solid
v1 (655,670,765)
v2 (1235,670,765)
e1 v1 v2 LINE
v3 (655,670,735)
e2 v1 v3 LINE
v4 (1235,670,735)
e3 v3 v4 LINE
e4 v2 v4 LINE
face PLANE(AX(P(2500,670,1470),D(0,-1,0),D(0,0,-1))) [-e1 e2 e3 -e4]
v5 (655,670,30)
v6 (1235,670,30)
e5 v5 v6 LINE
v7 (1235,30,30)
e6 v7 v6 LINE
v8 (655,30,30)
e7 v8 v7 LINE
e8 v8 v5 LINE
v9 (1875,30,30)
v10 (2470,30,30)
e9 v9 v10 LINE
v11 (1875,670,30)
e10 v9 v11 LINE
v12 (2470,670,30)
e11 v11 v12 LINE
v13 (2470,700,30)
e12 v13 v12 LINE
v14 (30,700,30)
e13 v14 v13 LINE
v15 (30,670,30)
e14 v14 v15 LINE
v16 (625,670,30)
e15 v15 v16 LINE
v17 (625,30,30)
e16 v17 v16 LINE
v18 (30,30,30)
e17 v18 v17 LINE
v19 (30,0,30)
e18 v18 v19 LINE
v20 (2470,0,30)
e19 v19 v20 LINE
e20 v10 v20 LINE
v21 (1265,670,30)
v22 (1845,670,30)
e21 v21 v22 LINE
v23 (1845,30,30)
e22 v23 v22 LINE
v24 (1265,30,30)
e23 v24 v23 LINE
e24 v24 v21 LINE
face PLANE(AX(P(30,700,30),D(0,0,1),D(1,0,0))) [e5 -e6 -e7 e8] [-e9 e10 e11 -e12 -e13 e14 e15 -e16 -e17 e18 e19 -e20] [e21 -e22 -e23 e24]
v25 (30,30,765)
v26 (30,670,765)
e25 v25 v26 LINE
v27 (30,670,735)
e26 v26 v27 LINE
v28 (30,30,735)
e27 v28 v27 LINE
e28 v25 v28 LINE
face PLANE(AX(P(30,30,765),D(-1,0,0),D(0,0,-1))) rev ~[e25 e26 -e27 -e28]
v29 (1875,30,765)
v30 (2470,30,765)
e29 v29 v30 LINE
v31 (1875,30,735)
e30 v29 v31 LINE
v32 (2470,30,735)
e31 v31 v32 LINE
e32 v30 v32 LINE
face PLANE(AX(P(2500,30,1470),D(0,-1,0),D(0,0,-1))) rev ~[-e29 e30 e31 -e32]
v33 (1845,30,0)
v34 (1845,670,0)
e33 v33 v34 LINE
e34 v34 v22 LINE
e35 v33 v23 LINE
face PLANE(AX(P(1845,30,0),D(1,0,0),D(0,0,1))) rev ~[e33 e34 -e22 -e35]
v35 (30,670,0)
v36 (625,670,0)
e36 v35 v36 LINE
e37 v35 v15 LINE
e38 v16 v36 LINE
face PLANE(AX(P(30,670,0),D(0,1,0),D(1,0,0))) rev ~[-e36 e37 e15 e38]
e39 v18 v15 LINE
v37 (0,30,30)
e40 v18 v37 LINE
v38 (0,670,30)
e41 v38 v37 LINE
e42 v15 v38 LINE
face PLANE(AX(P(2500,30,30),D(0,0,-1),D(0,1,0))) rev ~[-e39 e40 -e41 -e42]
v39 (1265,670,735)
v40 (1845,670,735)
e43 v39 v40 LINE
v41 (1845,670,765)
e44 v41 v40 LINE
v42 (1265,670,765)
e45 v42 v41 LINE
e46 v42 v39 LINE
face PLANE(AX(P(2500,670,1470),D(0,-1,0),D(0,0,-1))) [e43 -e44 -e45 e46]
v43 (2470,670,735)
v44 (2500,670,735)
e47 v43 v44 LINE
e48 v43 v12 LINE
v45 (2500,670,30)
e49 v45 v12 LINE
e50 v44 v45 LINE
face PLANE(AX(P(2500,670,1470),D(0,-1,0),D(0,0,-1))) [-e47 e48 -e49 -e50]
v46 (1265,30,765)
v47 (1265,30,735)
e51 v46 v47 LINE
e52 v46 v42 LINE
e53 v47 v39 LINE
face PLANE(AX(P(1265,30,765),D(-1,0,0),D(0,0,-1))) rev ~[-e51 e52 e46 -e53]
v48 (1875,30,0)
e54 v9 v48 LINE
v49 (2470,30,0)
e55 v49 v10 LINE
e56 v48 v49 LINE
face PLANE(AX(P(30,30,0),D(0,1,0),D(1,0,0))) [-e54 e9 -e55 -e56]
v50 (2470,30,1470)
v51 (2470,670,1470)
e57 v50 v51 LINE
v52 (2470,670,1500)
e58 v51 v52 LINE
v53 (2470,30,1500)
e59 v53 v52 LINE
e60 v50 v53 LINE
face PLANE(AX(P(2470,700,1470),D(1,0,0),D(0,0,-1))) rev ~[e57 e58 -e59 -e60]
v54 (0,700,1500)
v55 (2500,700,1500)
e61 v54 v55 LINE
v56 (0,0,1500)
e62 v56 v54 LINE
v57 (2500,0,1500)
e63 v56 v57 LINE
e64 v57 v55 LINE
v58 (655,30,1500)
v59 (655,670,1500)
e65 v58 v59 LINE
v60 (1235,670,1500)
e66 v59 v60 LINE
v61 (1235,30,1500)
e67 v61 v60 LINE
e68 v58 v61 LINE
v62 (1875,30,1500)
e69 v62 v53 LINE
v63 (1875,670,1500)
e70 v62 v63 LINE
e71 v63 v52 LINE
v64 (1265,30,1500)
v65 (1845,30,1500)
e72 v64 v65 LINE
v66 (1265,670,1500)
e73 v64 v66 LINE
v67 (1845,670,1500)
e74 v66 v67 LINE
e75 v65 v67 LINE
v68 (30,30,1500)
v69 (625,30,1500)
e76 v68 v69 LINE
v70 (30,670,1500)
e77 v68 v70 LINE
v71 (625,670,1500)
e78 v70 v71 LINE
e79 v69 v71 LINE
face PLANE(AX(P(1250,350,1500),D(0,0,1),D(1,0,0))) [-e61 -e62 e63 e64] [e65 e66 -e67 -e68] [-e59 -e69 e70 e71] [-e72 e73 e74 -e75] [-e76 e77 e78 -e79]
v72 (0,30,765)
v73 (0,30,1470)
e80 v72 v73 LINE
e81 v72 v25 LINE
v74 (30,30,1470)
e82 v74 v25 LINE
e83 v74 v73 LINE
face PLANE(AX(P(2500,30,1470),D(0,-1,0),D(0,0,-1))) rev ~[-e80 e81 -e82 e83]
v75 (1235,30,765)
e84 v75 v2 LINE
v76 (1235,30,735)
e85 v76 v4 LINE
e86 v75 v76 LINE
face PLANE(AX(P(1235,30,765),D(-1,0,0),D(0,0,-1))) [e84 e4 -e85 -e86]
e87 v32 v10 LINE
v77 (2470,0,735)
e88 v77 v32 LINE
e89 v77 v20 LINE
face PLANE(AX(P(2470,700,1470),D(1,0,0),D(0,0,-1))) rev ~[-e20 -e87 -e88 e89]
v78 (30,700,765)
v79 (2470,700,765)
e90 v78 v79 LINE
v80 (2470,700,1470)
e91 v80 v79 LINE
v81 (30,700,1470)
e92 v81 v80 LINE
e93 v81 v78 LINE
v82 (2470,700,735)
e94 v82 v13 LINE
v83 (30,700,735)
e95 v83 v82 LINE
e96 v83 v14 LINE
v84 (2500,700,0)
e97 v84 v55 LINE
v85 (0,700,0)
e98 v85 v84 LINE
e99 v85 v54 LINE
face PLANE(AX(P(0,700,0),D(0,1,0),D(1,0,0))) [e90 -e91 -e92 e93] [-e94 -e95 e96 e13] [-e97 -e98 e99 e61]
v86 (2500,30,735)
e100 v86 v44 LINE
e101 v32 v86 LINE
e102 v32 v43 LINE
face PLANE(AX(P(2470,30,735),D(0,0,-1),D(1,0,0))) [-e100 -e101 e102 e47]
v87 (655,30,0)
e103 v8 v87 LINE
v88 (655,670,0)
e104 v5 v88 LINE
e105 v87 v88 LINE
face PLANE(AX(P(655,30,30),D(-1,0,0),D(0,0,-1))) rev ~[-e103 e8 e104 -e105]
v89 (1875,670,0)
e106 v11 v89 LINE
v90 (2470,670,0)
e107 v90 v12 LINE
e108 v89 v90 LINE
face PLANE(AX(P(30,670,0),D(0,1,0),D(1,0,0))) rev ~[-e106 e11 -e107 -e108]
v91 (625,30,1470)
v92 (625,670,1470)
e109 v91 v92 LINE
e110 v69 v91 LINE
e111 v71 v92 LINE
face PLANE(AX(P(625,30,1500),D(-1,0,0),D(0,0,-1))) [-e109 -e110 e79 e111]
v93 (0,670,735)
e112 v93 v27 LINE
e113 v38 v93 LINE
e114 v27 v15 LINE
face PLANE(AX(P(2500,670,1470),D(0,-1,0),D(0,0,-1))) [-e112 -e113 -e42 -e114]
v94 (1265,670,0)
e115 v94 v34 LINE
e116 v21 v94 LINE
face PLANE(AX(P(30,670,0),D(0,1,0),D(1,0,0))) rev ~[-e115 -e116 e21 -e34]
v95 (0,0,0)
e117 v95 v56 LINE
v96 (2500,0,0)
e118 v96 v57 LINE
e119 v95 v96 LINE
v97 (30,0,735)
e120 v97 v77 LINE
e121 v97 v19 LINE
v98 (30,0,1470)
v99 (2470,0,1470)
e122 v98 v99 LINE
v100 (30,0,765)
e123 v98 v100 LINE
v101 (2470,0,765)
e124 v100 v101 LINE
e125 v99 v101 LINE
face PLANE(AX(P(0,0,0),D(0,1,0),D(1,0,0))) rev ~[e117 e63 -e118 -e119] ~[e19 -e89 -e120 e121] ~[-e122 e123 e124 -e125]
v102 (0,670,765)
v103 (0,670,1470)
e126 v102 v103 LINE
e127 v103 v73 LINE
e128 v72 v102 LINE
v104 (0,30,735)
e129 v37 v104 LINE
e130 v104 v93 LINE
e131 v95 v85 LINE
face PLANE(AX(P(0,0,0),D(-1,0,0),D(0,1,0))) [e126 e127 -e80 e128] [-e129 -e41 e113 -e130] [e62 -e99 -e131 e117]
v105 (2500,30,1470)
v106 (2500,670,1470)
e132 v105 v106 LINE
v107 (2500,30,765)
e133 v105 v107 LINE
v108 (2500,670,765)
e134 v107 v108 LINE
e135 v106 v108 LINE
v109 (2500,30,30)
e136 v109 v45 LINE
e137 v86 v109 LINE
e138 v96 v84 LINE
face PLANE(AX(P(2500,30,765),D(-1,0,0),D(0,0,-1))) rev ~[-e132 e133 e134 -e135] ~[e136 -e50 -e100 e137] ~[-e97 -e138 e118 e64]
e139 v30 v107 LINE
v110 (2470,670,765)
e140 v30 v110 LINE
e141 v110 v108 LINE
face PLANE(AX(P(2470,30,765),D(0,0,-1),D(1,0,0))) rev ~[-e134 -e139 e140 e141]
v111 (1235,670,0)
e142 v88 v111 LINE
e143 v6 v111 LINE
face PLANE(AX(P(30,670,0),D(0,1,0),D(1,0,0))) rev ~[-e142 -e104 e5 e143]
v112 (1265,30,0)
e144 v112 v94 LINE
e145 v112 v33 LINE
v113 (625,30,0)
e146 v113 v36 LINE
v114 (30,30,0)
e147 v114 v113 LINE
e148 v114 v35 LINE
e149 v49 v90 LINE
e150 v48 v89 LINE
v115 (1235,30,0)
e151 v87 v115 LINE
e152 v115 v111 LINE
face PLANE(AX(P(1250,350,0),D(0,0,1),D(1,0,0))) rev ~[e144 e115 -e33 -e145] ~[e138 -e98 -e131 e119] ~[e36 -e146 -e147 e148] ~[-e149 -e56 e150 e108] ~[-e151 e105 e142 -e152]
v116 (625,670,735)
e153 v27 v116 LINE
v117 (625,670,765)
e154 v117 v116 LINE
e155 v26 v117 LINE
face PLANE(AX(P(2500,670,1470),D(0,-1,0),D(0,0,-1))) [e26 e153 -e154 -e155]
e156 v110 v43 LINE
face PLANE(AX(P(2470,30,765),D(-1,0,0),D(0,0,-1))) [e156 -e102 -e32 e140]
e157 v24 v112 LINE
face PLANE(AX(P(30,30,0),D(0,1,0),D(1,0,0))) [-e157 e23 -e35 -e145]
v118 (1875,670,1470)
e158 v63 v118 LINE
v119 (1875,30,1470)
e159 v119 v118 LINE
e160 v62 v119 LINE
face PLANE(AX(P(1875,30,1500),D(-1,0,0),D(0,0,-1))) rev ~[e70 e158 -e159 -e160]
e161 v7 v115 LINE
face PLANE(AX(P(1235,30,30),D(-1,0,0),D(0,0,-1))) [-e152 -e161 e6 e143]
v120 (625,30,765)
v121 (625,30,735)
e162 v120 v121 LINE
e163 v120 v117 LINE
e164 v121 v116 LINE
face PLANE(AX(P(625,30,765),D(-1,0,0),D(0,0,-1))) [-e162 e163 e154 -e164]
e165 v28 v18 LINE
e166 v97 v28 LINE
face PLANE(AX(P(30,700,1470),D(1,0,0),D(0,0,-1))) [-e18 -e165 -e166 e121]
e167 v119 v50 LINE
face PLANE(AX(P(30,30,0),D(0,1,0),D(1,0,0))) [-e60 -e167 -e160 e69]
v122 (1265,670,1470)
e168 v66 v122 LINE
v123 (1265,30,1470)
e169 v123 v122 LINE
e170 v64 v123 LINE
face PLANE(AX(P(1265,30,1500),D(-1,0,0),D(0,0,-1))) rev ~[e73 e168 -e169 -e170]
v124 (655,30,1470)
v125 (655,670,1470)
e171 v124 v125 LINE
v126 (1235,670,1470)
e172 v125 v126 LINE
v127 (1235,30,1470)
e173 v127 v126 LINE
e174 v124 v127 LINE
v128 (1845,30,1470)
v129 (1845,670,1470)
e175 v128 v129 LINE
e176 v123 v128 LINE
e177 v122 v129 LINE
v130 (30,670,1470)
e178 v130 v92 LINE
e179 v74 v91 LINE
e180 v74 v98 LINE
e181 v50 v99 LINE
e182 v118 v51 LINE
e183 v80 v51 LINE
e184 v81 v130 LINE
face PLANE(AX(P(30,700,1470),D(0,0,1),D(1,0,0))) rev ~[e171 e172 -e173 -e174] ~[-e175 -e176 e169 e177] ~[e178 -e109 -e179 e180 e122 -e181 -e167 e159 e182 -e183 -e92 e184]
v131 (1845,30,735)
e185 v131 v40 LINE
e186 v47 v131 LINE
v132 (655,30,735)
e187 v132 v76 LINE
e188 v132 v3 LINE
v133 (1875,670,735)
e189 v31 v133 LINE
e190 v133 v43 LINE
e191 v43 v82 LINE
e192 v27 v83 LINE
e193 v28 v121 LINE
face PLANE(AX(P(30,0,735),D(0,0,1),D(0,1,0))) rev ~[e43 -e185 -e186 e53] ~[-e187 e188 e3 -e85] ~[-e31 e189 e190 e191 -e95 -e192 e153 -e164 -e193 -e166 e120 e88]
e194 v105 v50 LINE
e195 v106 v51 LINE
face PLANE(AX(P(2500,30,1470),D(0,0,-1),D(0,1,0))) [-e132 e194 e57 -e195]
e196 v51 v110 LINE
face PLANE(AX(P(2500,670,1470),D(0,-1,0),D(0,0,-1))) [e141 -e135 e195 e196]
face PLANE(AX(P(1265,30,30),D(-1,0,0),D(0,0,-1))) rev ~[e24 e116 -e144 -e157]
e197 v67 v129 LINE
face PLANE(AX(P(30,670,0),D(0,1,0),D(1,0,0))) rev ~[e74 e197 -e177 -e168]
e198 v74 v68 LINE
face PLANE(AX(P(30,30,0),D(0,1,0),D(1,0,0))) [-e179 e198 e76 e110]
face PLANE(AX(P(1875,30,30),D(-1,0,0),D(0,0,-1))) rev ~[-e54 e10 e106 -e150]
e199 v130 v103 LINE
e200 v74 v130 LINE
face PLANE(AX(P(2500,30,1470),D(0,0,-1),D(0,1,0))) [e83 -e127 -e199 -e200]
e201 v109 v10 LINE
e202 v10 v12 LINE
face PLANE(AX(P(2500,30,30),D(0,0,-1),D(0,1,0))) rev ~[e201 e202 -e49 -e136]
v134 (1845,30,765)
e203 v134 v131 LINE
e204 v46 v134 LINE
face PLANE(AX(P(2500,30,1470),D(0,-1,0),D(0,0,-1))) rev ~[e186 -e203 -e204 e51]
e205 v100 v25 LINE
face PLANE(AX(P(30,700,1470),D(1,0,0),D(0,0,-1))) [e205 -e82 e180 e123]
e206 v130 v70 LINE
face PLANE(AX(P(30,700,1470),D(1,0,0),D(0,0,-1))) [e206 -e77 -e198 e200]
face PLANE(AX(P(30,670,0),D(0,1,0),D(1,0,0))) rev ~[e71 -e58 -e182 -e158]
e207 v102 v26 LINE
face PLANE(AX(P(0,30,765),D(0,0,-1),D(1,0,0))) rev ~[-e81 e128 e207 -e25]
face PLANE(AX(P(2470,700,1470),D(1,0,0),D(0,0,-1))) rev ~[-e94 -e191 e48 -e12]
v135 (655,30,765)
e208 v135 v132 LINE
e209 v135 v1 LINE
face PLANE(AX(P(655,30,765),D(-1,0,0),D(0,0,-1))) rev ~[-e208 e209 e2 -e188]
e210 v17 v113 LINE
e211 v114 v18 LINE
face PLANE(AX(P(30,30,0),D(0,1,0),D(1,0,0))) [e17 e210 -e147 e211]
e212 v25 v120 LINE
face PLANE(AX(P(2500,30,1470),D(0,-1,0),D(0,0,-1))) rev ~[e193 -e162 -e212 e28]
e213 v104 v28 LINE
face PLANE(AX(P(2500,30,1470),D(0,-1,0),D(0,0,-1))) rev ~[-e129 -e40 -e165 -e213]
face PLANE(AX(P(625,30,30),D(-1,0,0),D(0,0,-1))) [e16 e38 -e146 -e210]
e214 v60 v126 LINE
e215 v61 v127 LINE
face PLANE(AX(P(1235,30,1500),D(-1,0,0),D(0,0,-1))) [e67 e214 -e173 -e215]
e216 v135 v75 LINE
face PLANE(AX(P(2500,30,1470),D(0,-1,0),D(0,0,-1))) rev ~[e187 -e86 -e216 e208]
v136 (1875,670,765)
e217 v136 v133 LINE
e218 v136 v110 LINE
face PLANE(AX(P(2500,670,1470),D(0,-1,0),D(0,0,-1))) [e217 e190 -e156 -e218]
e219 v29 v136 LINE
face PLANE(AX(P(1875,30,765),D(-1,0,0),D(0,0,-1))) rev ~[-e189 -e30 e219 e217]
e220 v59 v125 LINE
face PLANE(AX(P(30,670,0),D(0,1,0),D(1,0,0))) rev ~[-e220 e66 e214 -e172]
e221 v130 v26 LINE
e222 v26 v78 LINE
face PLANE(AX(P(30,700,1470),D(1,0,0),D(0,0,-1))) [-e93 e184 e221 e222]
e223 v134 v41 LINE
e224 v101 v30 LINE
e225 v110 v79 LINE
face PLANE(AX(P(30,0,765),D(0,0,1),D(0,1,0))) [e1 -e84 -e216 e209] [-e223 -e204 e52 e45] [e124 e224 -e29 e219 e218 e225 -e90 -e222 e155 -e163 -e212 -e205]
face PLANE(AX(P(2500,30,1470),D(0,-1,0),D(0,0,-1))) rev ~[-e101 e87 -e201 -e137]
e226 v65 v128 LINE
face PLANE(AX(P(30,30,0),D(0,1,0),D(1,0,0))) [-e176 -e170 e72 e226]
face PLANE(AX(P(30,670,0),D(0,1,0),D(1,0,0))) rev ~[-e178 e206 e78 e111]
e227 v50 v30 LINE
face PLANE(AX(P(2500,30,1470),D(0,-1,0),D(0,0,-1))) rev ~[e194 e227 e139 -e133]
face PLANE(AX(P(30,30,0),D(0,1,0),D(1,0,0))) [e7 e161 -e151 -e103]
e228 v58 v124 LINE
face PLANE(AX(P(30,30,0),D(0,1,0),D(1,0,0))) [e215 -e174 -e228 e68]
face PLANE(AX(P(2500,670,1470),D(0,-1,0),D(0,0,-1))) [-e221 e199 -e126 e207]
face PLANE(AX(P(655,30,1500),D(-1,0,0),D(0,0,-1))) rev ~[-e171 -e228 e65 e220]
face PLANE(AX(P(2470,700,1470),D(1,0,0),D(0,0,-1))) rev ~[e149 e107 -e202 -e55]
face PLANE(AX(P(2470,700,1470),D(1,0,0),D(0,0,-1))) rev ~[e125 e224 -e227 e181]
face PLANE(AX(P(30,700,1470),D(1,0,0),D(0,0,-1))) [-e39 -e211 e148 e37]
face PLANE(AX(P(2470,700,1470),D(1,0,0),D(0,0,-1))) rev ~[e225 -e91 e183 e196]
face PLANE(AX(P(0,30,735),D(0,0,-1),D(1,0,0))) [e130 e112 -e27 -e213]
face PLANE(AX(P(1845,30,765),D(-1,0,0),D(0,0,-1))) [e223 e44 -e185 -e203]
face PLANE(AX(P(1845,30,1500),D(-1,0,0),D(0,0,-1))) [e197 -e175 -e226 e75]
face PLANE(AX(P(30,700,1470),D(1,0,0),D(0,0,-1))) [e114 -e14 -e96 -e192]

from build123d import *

# Parameters (mm, degrees)
SKETCH1_W           = 2500
SKETCH1_H           = 700
SKETCH1_W_2         = 2440
SKETCH1_H_2         = 640
BOSS_EXTRUDE1_DEPTH = 1500
SKETCH2_W           = 2440
SKETCH2_H           = 1440
CUT_EXTRUDE1_DEPTH  = 1500
SKETCH3_W           = 1440
SKETCH3_H           = 640
CUT_EXTRUDE2_DEPTH  = 3595
SKETCH5_W           = 15
SKETCH5_H           = 30
BOSS_EXTRUDE3_DEPTH = 640
BOSS_EXTRUDE4_REACH = 2472
SKETCH7_W           = 30
SKETCH7_H           = 30
SKETCH8_W           = 30
SKETCH8_H           = 30
BOSS_EXTRUDE5_DEPTH = 640


with BuildPart() as part:
    # Sketch1 → Boss-Extrude1 (new body)
    with BuildSketch(Plane.XY):
        with Locations((1250, 350)):
            Rectangle(SKETCH1_W, SKETCH1_H)
        with Locations((1250, 350)):
            Rectangle(SKETCH1_W_2, SKETCH1_H_2, mode=Mode.SUBTRACT)
    extrude(amount=BOSS_EXTRUDE1_DEPTH)

    # Sketch2 → Cut-Extrude1 (cut)
    with BuildSketch(Plane(origin=(0, 700, 0), x_dir=(1, 0, 0), z_dir=(0, 1, 0))):
        with Locations((1250, -750)):
            Rectangle(SKETCH2_W, SKETCH2_H)
    extrude(amount=-CUT_EXTRUDE1_DEPTH, mode=Mode.SUBTRACT)

    # Sketch3 → Cut-Extrude2 (cut)
    with BuildSketch(Plane(origin=(2500, 0, 0), x_dir=(0, 0, -1), z_dir=(1, 0, 0))):
        with Locations((-750, 350)):
            Rectangle(SKETCH3_W, SKETCH3_H)
    extrude(amount=-CUT_EXTRUDE2_DEPTH, mode=Mode.SUBTRACT)

    # Sketch5 → Boss-Extrude3 (add)
    with BuildSketch(Plane(origin=(0, 30, 0), x_dir=(1, 0, 0), z_dir=(0, 1, 0))):
        with Locations((632.5, -15)):
            Rectangle(SKETCH5_W, SKETCH5_H)
        with Locations((647.5, -15)):
            Rectangle(SKETCH5_W, SKETCH5_H)
        with Locations((1242.5, -15)):
            Rectangle(SKETCH5_W, SKETCH5_H)
        with Locations((1257.5, -15)):
            Rectangle(SKETCH5_W, SKETCH5_H)
        Polygon((1860, 0), (1845, 0), (1845, -30), (1860, -30), (1875, -30), (1875, 0), align=None)
        with Locations((1852.5, -1485)):
            Rectangle(SKETCH5_W, SKETCH5_H)
        with Locations((1867.5, -1485)):
            Rectangle(SKETCH5_W, SKETCH5_H)
        with Locations((1242.5, -1485)):
            Rectangle(SKETCH5_W, SKETCH5_H)
        with Locations((1257.5, -1485)):
            Rectangle(SKETCH5_W, SKETCH5_H)
        with Locations((647.5, -1485)):
            Rectangle(SKETCH5_W, SKETCH5_H)
        with Locations((632.5, -1485)):
            Rectangle(SKETCH5_W, SKETCH5_H)
    extrude(amount=BOSS_EXTRUDE3_DEPTH)

    # Sketch7 → Boss-Extrude4 (add, up to next)
    with BuildSketch(Plane(origin=(30, 0, 0), x_dir=(0, 0, -1), z_dir=(1, 0, 0)), mode=Mode.PRIVATE) as boss_extrude4_sk1:
        with Locations((-750, 15)):
            Rectangle(SKETCH7_W, SKETCH7_H)
    boss_extrude4_tool1 = extrude(boss_extrude4_sk1.sketch, amount=BOSS_EXTRUDE4_REACH, mode=Mode.PRIVATE) - part.part
    add(boss_extrude4_tool1.solids().sort_by_distance((30, 15, 750))[0])
    # Sketch7 → Boss-Extrude4 (add, up to next)
    with BuildSketch(Plane(origin=(30, 0, 0), x_dir=(0, 0, -1), z_dir=(1, 0, 0)), mode=Mode.PRIVATE) as boss_extrude4_sk2:
        with Locations((-750, 685)):
            Rectangle(SKETCH7_W, SKETCH7_H)
    boss_extrude4_tool2 = extrude(boss_extrude4_sk2.sketch, amount=BOSS_EXTRUDE4_REACH, mode=Mode.PRIVATE) - part.part
    add(boss_extrude4_tool2.solids().sort_by_distance((30, 685, 750))[0])

    # Sketch8 → Boss-Extrude5 (add)
    with BuildSketch(Plane(origin=(0, 30, 0), x_dir=(1, 0, 0), z_dir=(0, 1, 0))):
        with Locations((2485, -750)):
            Rectangle(SKETCH8_W, SKETCH8_H)
        with Locations((15, -750)):
            Rectangle(SKETCH8_W, SKETCH8_H)
        with Locations((640, -750)):
            Rectangle(SKETCH8_W, SKETCH8_H)
        with Locations((1250, -750)):
            Rectangle(SKETCH8_W, SKETCH8_H)
        with Locations((1860, -750)):
            Rectangle(SKETCH8_W, SKETCH8_H)
    extrude(amount=BOSS_EXTRUDE5_DEPTH)


solid = part.part
